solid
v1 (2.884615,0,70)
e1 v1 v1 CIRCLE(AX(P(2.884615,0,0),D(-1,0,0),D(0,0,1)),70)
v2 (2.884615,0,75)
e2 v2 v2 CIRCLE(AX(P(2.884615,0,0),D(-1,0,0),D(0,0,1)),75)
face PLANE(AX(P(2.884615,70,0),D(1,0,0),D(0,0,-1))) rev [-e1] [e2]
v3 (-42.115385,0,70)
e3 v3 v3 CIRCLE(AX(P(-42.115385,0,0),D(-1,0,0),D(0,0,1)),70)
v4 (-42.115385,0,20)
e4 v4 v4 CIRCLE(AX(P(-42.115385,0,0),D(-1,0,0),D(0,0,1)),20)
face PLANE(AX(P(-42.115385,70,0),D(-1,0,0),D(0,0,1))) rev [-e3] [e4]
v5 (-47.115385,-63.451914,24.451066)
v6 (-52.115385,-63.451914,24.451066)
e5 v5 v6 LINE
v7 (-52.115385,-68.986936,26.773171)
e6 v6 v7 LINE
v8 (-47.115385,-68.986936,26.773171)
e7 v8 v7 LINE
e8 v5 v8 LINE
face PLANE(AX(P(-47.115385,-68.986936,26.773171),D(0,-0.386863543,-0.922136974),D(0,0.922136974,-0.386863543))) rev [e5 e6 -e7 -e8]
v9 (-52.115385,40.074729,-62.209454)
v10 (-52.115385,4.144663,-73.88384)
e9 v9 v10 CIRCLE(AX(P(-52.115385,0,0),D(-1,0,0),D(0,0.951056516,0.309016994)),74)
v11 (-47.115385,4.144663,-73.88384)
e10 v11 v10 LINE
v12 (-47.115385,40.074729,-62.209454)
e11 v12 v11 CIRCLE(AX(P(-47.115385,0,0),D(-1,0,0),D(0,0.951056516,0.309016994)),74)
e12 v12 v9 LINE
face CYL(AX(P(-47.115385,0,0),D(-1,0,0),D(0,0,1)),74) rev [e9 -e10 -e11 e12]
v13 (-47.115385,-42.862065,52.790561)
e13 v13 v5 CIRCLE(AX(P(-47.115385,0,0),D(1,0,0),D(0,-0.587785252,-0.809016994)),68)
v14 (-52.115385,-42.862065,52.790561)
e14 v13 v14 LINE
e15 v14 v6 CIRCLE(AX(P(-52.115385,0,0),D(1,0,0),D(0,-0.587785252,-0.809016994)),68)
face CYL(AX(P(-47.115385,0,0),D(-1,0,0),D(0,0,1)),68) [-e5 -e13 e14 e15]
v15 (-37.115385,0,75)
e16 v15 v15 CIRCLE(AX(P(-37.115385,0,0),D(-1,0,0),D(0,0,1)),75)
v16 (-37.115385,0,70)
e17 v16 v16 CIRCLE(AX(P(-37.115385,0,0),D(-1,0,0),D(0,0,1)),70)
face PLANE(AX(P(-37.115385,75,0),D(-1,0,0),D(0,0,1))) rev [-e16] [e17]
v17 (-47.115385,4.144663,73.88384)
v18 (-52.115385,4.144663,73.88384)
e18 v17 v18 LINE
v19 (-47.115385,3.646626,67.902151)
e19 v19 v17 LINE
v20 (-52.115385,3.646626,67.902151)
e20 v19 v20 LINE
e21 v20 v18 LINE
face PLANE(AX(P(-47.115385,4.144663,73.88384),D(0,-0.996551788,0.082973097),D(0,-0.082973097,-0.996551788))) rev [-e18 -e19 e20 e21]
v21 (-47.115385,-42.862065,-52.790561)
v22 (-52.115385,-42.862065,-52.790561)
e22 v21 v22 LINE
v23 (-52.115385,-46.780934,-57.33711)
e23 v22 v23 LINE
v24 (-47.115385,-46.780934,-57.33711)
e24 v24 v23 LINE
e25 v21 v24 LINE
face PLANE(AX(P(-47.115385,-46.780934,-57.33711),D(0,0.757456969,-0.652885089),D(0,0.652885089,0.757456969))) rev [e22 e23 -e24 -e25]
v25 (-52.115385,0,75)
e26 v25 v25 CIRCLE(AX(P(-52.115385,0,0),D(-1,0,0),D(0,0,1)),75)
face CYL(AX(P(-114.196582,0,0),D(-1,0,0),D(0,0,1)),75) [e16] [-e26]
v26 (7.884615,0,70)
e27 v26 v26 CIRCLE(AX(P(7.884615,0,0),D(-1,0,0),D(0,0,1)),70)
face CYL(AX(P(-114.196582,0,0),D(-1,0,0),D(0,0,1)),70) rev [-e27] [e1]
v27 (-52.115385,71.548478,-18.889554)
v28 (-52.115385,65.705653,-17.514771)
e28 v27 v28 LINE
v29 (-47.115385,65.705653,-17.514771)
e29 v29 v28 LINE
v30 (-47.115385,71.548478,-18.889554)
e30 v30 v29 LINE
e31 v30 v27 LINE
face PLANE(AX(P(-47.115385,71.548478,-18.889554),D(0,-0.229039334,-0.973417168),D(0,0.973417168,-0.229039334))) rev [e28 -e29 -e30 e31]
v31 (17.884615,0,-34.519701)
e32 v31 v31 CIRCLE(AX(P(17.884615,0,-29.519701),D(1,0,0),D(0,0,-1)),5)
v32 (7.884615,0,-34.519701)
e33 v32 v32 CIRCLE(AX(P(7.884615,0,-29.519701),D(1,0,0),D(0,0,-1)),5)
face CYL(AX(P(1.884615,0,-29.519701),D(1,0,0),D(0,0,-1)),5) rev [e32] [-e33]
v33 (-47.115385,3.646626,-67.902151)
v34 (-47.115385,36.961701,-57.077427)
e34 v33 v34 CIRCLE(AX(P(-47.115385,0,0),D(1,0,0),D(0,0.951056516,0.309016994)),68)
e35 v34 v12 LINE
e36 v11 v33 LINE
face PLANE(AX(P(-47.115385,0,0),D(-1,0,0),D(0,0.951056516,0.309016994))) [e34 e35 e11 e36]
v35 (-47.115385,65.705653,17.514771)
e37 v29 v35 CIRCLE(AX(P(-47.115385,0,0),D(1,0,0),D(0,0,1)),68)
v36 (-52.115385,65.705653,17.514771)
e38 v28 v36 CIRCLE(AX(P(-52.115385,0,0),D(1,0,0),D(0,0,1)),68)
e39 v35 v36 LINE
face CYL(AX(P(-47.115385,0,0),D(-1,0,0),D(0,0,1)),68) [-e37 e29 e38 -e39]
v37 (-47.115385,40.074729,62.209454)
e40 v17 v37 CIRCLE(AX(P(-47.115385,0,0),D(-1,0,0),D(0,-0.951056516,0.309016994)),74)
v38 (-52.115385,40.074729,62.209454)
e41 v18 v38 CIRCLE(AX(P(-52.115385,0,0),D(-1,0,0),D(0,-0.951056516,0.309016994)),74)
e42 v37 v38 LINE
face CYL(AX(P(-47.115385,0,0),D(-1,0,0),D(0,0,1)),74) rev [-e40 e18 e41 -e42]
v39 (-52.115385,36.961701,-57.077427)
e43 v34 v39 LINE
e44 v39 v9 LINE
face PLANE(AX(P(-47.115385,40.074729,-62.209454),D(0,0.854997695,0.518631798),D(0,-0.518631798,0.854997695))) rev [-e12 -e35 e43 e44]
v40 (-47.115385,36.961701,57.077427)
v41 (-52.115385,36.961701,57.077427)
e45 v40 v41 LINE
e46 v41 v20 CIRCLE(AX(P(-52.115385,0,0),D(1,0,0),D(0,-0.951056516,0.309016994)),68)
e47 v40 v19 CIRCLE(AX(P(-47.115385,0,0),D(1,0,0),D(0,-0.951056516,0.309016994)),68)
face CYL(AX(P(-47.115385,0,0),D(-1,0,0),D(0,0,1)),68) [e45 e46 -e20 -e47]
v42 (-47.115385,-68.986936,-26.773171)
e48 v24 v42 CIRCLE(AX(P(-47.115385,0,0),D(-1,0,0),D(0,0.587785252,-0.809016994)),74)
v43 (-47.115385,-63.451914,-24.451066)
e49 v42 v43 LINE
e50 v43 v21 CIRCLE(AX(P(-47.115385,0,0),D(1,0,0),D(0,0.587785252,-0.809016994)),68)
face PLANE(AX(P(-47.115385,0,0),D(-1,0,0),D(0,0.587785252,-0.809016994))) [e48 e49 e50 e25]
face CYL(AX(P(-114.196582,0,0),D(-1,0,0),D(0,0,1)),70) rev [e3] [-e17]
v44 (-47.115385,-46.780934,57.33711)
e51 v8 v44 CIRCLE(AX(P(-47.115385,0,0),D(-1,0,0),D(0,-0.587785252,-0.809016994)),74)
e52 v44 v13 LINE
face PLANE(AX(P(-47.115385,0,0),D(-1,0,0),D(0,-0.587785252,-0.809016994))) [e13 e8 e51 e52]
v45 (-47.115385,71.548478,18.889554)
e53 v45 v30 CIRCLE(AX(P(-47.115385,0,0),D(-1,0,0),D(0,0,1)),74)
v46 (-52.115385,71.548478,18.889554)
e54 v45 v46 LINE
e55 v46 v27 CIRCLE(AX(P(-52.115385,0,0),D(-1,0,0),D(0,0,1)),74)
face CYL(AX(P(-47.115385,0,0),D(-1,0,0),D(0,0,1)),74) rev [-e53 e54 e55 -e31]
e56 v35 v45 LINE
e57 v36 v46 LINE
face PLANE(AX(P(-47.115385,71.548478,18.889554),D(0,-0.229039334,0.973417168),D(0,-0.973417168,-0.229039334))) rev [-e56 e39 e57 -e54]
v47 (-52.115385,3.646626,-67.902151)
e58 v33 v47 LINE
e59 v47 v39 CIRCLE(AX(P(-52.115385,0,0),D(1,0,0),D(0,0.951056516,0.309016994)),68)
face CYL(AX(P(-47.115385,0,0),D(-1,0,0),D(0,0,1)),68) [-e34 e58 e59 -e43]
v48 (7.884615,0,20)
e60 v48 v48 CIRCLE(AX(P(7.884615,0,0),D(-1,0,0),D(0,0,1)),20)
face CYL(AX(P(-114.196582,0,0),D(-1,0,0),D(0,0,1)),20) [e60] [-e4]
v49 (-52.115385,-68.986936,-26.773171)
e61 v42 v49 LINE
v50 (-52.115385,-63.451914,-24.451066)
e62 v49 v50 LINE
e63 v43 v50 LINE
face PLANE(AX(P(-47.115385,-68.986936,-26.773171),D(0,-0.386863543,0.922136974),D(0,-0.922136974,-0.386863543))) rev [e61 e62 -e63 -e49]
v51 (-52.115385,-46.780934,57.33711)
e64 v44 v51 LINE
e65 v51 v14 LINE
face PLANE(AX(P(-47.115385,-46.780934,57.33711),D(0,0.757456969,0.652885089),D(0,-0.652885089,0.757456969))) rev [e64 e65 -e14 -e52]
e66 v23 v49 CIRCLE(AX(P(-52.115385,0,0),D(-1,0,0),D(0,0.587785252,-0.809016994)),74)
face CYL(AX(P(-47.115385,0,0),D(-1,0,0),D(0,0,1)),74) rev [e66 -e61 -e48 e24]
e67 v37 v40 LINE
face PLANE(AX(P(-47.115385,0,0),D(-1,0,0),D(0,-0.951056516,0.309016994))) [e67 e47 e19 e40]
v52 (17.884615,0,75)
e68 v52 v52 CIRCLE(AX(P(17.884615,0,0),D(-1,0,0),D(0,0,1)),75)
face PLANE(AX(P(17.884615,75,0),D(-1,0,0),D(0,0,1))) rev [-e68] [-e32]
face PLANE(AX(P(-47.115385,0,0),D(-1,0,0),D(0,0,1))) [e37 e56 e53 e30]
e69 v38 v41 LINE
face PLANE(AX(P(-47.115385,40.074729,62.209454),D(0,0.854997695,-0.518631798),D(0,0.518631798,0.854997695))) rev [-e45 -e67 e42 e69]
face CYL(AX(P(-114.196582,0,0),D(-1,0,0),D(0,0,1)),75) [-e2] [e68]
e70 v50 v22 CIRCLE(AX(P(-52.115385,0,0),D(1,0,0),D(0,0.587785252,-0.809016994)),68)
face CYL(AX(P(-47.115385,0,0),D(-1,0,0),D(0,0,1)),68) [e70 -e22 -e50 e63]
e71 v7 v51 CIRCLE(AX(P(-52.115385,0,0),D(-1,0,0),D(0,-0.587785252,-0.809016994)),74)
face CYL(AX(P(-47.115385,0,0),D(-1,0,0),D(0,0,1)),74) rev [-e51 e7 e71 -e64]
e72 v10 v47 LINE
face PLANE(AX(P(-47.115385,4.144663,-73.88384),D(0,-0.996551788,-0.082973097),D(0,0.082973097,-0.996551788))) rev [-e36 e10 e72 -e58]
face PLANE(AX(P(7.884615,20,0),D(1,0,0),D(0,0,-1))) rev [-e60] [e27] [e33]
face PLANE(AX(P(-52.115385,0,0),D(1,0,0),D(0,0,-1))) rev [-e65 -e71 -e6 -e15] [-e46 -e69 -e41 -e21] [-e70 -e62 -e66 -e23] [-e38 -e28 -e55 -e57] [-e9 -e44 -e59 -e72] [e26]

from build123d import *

# Parameters (mm, degrees)
CUT_EXTRUDE1_DEPTH = 5
CIRPATTERN1_COUNT  = 5
SKETCH4_R          = 5
CUT_EXTRUDE4_DEPTH = 16


with BuildPart() as part:
    # Sketch1 → Revolve2 (revolve)
    with BuildSketch(Plane.XY, mode=Mode.PRIVATE) as revolve2_sk:
        Polygon((-52.115384615, 0), (17.884615385, 0), (17.884615385, 75), (2.884615385, 75), (2.884615385, 70), (7.884615385, 70), (7.884615385, 20), (-42.115384615, 20), (-42.115384615, 70), (-37.115384615, 70), (-37.115384615, 75), (-52.115384615, 75), align=None)
    revolve(revolve2_sk.sketch.rotate(Axis((-114.1965821, 0, 0), (1, 0, 0)), 90), axis=Axis((-114.1965821, 0, 0), (1, 0, 0)))

    # Sketch2 → Cut-Extrude1 (cut)
    with BuildSketch(Plane.ZY.offset(52.115384615)):
        with BuildLine():
            Line((-18.889553649, 71.548478411), (-17.514771122, 65.705652668))
            ThreePointArc((-17.514771122, 65.705652668), (0, 68), (17.514771122, 65.705652668))
            Line((17.514771122, 65.705652668), (18.889553649, 71.548478411))
            ThreePointArc((18.889553649, 71.548478411), (0, 74), (-18.889553649, 71.548478411))
        make_face()
    cut_extrude1 = extrude(amount=-CUT_EXTRUDE1_DEPTH, mode=Mode.SUBTRACT)

    # CirPattern1: Cut-Extrude1 ×5 about axis
    cirpattern1_axis = Axis((0, 0, 0), (1, 0, 0))
    for i in range(1, CIRPATTERN1_COUNT):
        add(cut_extrude1.rotate(cirpattern1_axis, i * 360 / CIRPATTERN1_COUNT), mode=Mode.SUBTRACT)

    # Sketch4 → Cut-Extrude4 (cut)
    with BuildSketch(Plane(origin=(17.884615385, 0, 0), x_dir=(0, 0, -1), z_dir=(1, 0, 0))):
        with Locations((29.519700861, 0)):
            Circle(SKETCH4_R)
    extrude(amount=-CUT_EXTRUDE4_DEPTH, mode=Mode.SUBTRACT)


solid = part.part
